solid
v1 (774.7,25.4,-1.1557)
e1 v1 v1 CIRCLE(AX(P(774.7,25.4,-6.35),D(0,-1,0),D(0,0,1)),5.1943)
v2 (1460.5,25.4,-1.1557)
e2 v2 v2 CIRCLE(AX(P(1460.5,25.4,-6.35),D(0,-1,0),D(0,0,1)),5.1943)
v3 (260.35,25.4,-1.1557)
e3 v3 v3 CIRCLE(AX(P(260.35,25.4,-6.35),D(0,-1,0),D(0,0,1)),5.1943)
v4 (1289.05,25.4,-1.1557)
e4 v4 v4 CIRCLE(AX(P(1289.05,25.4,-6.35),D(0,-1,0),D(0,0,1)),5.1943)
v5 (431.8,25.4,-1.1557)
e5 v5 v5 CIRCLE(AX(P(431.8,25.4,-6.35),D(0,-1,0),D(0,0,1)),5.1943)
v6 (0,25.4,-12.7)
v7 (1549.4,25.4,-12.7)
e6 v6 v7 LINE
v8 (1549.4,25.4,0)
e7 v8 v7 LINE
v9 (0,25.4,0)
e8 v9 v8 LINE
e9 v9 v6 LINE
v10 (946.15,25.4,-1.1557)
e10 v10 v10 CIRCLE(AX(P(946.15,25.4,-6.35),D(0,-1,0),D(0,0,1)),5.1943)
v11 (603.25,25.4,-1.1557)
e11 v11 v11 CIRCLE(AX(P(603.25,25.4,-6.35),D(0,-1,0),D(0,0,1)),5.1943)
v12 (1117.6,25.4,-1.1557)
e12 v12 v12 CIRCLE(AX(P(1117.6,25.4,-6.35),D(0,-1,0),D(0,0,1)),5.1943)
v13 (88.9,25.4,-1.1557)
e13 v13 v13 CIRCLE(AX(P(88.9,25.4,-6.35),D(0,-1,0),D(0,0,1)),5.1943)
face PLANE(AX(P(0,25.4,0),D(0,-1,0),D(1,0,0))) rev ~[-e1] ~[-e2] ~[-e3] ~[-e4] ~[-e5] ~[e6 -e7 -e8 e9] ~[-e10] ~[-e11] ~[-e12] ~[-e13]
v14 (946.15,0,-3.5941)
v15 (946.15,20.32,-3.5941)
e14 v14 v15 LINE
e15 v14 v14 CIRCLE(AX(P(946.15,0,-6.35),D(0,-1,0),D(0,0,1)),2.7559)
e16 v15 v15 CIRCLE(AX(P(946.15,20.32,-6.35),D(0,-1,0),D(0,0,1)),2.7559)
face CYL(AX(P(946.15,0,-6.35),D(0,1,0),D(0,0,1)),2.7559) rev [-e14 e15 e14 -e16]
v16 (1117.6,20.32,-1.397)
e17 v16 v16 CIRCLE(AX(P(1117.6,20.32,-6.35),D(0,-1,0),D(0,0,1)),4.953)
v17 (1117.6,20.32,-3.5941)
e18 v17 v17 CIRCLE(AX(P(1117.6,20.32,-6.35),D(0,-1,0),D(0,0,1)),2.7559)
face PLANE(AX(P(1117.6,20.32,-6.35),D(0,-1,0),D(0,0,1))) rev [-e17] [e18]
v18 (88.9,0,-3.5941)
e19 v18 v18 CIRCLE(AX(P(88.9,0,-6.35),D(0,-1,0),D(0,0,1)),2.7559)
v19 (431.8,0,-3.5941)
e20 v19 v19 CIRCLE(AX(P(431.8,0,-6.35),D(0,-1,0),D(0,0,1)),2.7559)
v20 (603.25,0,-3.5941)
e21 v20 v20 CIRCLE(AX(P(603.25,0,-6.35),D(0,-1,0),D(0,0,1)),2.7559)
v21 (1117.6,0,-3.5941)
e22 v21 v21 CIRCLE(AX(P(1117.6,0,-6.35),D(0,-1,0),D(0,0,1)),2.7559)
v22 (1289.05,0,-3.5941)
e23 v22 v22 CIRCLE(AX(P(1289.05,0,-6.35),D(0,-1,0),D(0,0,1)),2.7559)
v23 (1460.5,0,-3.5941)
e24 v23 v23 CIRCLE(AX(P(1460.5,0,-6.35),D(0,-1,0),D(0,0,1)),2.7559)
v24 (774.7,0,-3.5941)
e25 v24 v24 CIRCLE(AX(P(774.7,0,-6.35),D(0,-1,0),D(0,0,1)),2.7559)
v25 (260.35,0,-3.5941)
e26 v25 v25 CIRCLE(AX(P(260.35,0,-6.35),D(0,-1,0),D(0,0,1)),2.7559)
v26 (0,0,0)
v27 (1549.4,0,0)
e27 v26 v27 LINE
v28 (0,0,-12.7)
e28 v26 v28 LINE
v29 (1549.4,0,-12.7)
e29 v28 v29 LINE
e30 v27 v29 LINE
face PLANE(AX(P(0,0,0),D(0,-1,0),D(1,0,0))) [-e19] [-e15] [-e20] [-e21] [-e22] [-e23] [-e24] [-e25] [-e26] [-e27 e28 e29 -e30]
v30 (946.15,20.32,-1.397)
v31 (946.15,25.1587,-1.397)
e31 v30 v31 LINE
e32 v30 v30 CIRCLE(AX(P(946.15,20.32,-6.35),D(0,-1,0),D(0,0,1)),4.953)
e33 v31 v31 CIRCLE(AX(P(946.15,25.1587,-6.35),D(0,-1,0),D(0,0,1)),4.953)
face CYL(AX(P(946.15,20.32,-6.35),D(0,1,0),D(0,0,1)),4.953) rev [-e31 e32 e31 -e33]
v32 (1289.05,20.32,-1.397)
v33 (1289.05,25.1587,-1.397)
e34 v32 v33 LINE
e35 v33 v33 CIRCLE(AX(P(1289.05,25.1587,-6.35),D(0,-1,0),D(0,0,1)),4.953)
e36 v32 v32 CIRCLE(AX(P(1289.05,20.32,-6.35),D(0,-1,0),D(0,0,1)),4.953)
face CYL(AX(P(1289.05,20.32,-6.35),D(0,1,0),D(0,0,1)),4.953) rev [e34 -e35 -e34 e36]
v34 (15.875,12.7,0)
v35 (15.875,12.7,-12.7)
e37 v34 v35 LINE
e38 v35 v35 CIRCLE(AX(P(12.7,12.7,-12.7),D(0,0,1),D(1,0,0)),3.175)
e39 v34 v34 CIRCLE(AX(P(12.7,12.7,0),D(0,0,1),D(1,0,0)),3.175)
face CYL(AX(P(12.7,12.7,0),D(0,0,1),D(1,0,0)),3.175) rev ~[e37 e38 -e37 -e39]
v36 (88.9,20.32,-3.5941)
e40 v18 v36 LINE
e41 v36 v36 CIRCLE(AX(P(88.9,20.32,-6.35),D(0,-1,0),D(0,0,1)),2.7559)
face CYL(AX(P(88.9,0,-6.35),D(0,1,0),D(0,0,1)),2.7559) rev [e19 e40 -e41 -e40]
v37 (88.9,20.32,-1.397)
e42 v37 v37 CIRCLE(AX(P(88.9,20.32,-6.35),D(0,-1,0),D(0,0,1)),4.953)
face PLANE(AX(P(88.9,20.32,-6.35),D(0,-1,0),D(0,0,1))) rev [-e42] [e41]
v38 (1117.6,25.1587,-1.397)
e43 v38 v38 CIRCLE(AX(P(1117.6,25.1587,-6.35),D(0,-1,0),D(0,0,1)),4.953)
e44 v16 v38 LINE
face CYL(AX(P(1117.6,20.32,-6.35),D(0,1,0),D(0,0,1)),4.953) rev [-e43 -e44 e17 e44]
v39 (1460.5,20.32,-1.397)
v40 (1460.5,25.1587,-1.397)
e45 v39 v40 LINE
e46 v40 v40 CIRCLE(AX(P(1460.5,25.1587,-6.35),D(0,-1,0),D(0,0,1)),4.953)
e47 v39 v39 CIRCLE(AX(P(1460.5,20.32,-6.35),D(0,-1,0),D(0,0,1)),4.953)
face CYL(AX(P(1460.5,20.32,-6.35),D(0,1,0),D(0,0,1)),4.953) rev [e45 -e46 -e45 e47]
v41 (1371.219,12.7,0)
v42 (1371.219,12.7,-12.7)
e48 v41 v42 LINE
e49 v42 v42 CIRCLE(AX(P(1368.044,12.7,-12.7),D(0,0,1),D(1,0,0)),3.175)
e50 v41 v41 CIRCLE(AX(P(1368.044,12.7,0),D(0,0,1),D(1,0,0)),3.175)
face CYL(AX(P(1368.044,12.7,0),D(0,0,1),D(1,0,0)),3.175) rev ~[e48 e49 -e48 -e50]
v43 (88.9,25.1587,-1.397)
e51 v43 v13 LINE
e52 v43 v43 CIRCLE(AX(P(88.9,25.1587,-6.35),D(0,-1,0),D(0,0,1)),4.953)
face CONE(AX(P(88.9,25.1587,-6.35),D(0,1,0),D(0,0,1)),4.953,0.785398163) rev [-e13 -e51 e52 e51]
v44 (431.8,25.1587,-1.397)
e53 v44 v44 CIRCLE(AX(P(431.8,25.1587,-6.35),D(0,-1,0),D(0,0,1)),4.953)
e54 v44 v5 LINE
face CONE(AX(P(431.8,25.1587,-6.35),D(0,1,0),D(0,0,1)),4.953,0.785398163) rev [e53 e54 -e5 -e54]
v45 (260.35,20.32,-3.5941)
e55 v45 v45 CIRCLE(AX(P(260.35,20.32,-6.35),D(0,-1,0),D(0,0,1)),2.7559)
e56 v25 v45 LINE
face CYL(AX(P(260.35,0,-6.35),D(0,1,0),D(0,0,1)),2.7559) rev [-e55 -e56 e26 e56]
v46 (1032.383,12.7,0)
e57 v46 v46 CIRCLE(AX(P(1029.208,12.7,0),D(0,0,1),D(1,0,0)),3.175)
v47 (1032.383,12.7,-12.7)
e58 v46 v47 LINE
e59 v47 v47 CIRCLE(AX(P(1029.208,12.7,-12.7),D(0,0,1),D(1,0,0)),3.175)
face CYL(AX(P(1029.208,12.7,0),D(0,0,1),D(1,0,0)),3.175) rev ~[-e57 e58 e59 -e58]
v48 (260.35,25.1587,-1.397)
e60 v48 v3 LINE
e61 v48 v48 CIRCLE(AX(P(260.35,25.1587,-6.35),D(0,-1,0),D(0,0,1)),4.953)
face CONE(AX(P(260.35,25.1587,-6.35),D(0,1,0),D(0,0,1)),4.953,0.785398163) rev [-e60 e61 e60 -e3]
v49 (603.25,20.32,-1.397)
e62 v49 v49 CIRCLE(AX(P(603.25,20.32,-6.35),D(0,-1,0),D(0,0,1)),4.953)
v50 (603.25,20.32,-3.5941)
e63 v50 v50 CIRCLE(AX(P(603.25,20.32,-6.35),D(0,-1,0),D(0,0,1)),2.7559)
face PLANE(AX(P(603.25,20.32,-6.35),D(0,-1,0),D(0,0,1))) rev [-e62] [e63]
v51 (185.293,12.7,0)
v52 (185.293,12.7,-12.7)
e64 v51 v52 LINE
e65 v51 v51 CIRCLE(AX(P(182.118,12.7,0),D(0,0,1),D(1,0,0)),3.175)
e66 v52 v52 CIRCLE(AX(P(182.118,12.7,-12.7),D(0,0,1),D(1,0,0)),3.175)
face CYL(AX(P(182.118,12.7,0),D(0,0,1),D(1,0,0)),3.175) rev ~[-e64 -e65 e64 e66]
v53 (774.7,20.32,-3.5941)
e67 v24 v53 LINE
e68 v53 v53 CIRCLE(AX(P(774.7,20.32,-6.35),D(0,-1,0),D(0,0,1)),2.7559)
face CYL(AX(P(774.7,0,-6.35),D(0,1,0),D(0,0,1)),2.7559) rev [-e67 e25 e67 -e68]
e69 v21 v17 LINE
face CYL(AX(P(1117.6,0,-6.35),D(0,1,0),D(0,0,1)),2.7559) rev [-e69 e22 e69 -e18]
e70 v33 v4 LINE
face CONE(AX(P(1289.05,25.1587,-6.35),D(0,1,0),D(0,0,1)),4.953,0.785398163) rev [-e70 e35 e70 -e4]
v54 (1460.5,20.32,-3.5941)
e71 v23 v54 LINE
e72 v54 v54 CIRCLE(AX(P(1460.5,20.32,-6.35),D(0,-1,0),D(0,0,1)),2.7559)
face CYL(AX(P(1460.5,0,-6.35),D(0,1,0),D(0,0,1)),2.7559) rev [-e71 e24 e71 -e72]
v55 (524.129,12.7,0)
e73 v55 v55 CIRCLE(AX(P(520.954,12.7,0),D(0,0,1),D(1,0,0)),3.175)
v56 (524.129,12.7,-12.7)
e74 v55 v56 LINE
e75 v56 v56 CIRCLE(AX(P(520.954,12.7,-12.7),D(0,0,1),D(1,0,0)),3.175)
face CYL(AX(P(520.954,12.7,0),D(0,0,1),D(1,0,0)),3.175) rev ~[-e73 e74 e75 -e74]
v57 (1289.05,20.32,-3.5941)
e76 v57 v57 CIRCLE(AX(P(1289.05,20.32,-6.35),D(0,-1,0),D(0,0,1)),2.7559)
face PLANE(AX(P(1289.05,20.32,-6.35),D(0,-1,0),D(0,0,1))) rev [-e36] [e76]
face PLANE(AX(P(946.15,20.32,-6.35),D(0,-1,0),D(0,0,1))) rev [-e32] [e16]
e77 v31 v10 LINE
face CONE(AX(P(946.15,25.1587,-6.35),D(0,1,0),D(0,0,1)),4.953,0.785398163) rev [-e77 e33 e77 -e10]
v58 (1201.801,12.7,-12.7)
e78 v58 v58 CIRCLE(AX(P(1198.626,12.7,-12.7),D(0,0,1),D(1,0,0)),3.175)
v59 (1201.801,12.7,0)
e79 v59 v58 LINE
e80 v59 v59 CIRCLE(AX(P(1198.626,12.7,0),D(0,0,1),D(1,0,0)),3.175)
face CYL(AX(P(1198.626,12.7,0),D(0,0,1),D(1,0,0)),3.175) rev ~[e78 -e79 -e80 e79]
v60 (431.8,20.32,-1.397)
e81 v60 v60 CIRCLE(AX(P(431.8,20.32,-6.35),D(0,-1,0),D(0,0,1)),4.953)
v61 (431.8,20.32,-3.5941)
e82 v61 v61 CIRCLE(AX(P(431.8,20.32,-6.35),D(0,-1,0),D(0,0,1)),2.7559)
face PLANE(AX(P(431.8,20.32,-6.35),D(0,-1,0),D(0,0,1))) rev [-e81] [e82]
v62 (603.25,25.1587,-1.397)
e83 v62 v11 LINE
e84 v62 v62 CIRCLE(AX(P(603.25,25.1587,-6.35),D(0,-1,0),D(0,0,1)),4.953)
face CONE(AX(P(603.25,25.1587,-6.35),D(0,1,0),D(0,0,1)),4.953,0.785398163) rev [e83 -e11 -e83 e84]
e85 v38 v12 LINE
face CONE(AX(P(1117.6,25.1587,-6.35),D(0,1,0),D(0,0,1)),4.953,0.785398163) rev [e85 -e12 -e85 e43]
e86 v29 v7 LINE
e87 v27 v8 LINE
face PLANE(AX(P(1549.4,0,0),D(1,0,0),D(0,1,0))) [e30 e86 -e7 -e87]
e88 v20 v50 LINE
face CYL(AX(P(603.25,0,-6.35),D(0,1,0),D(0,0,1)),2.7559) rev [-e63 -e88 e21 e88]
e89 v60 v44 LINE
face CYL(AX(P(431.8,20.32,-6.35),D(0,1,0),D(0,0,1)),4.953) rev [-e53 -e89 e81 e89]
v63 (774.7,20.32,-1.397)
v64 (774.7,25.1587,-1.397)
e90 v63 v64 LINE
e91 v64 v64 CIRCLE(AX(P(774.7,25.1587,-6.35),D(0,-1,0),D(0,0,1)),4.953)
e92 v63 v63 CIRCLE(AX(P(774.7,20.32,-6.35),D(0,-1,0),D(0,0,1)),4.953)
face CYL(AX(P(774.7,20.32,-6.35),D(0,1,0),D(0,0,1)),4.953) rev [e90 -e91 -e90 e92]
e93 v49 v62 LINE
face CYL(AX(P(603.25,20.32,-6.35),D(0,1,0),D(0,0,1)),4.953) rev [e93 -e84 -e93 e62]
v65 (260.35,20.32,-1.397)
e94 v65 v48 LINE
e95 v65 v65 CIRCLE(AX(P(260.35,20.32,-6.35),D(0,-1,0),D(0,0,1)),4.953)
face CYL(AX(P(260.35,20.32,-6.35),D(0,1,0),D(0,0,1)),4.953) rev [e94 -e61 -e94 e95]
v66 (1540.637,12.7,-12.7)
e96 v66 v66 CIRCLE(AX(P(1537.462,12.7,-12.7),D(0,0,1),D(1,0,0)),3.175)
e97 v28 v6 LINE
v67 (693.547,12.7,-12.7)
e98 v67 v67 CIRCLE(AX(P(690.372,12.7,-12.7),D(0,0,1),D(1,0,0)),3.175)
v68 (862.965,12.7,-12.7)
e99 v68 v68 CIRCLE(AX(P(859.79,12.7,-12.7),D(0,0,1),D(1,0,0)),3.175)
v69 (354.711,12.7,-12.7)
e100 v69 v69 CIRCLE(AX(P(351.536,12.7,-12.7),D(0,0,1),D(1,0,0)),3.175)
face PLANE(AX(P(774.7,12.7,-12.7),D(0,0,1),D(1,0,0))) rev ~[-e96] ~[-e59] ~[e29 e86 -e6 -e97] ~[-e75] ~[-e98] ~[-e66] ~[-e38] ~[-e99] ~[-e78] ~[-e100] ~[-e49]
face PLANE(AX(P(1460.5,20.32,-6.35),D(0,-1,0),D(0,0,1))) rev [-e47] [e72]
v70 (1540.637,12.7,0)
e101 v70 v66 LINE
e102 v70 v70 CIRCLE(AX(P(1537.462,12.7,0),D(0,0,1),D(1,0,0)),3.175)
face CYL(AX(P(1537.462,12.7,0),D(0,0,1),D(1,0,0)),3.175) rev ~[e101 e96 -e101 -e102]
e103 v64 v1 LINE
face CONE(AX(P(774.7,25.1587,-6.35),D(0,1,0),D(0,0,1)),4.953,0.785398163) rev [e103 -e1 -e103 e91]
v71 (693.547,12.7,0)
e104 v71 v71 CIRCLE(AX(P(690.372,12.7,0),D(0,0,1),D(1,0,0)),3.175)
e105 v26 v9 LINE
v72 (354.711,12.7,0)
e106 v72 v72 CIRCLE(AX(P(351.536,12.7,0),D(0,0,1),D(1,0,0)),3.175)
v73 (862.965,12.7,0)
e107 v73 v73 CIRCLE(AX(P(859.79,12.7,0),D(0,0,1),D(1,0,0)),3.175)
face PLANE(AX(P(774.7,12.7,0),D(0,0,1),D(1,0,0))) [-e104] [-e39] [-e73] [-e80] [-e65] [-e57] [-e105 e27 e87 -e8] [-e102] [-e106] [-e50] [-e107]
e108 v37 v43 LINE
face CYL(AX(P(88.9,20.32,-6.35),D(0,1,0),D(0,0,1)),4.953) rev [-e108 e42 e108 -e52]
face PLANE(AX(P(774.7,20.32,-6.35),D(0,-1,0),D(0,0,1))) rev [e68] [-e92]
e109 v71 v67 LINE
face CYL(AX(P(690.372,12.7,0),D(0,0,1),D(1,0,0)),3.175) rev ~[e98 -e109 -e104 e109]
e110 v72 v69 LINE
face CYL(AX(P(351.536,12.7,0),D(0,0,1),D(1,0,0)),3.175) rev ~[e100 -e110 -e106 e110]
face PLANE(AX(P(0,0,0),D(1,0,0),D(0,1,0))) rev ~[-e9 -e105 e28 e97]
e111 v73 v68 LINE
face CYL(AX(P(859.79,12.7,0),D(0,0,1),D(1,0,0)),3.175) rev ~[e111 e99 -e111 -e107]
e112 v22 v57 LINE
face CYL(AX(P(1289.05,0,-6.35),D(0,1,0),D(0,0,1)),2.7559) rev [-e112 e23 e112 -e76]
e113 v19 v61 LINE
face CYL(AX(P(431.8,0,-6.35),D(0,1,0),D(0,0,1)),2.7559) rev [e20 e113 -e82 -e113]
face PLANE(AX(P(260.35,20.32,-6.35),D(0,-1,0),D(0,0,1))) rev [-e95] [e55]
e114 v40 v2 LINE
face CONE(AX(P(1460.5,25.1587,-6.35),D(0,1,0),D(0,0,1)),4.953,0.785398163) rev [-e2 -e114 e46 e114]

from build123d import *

# Parameters (mm, degrees)
SKETCH1_W           = 1549.4
SKETCH1_H           = 25.4
SKETCH1_R           = 3.175
BOSS_EXTRUDE1_DEPTH = 12.7
LPATTERN1_COUNT     = 9
LPATTERN1_PITCH     = 171.45


with BuildPart() as part:
    # Sketch1 → Boss-Extrude1 (new body)
    with BuildSketch(Plane.XY):
        with Locations((774.7, 12.7)):
            Rectangle(SKETCH1_W, SKETCH1_H)
        with Locations((12.7, 12.7)):
            Circle(SKETCH1_R, mode=Mode.SUBTRACT)
        with Locations((182.118, 12.7)):
            Circle(SKETCH1_R, mode=Mode.SUBTRACT)
        with Locations((351.536, 12.7)):
            Circle(SKETCH1_R, mode=Mode.SUBTRACT)
        with Locations((520.954, 12.7)):
            Circle(SKETCH1_R, mode=Mode.SUBTRACT)
        with Locations((690.372, 12.7)):
            Circle(SKETCH1_R, mode=Mode.SUBTRACT)
        with Locations((859.79, 12.7)):
            Circle(SKETCH1_R, mode=Mode.SUBTRACT)
        with Locations((1029.208, 12.7)):
            Circle(SKETCH1_R, mode=Mode.SUBTRACT)
        with Locations((1198.626, 12.7)):
            Circle(SKETCH1_R, mode=Mode.SUBTRACT)
        with Locations((1368.044, 12.7)):
            Circle(SKETCH1_R, mode=Mode.SUBTRACT)
        with Locations((1537.462, 12.7)):
            Circle(SKETCH1_R, mode=Mode.SUBTRACT)
    extrude(amount=-BOSS_EXTRUDE1_DEPTH)

    # Sketch3 → CBORE for #0 Binding Head Machine Screw1 (revolve, cut)
    with BuildSketch(Plane(origin=(88.9, 25.4, -6.35), x_dir=(0, 0, 1), z_dir=(1, 0, 0))):
        Polygon((0, 0), (0, 25.4), (2.7559, 25.4), (2.7559, 5.08), (4.953, 5.08), (4.953, 0.2413), (5.1943, 0), align=None)
    cbore_for_0_binding_head_machine_screw1 = revolve(axis=Axis((88.9, 31.75, -6.35), (0, -1, 0)), mode=Mode.SUBTRACT)

    # LPattern1: CBORE for #0 Binding Head Machine Screw1 ×9
    with Locations(*[(i * LPATTERN1_PITCH, 0, 0) for i in range(1, LPATTERN1_COUNT)]):
        add(cbore_for_0_binding_head_machine_screw1, mode=Mode.SUBTRACT)


solid = part.part
